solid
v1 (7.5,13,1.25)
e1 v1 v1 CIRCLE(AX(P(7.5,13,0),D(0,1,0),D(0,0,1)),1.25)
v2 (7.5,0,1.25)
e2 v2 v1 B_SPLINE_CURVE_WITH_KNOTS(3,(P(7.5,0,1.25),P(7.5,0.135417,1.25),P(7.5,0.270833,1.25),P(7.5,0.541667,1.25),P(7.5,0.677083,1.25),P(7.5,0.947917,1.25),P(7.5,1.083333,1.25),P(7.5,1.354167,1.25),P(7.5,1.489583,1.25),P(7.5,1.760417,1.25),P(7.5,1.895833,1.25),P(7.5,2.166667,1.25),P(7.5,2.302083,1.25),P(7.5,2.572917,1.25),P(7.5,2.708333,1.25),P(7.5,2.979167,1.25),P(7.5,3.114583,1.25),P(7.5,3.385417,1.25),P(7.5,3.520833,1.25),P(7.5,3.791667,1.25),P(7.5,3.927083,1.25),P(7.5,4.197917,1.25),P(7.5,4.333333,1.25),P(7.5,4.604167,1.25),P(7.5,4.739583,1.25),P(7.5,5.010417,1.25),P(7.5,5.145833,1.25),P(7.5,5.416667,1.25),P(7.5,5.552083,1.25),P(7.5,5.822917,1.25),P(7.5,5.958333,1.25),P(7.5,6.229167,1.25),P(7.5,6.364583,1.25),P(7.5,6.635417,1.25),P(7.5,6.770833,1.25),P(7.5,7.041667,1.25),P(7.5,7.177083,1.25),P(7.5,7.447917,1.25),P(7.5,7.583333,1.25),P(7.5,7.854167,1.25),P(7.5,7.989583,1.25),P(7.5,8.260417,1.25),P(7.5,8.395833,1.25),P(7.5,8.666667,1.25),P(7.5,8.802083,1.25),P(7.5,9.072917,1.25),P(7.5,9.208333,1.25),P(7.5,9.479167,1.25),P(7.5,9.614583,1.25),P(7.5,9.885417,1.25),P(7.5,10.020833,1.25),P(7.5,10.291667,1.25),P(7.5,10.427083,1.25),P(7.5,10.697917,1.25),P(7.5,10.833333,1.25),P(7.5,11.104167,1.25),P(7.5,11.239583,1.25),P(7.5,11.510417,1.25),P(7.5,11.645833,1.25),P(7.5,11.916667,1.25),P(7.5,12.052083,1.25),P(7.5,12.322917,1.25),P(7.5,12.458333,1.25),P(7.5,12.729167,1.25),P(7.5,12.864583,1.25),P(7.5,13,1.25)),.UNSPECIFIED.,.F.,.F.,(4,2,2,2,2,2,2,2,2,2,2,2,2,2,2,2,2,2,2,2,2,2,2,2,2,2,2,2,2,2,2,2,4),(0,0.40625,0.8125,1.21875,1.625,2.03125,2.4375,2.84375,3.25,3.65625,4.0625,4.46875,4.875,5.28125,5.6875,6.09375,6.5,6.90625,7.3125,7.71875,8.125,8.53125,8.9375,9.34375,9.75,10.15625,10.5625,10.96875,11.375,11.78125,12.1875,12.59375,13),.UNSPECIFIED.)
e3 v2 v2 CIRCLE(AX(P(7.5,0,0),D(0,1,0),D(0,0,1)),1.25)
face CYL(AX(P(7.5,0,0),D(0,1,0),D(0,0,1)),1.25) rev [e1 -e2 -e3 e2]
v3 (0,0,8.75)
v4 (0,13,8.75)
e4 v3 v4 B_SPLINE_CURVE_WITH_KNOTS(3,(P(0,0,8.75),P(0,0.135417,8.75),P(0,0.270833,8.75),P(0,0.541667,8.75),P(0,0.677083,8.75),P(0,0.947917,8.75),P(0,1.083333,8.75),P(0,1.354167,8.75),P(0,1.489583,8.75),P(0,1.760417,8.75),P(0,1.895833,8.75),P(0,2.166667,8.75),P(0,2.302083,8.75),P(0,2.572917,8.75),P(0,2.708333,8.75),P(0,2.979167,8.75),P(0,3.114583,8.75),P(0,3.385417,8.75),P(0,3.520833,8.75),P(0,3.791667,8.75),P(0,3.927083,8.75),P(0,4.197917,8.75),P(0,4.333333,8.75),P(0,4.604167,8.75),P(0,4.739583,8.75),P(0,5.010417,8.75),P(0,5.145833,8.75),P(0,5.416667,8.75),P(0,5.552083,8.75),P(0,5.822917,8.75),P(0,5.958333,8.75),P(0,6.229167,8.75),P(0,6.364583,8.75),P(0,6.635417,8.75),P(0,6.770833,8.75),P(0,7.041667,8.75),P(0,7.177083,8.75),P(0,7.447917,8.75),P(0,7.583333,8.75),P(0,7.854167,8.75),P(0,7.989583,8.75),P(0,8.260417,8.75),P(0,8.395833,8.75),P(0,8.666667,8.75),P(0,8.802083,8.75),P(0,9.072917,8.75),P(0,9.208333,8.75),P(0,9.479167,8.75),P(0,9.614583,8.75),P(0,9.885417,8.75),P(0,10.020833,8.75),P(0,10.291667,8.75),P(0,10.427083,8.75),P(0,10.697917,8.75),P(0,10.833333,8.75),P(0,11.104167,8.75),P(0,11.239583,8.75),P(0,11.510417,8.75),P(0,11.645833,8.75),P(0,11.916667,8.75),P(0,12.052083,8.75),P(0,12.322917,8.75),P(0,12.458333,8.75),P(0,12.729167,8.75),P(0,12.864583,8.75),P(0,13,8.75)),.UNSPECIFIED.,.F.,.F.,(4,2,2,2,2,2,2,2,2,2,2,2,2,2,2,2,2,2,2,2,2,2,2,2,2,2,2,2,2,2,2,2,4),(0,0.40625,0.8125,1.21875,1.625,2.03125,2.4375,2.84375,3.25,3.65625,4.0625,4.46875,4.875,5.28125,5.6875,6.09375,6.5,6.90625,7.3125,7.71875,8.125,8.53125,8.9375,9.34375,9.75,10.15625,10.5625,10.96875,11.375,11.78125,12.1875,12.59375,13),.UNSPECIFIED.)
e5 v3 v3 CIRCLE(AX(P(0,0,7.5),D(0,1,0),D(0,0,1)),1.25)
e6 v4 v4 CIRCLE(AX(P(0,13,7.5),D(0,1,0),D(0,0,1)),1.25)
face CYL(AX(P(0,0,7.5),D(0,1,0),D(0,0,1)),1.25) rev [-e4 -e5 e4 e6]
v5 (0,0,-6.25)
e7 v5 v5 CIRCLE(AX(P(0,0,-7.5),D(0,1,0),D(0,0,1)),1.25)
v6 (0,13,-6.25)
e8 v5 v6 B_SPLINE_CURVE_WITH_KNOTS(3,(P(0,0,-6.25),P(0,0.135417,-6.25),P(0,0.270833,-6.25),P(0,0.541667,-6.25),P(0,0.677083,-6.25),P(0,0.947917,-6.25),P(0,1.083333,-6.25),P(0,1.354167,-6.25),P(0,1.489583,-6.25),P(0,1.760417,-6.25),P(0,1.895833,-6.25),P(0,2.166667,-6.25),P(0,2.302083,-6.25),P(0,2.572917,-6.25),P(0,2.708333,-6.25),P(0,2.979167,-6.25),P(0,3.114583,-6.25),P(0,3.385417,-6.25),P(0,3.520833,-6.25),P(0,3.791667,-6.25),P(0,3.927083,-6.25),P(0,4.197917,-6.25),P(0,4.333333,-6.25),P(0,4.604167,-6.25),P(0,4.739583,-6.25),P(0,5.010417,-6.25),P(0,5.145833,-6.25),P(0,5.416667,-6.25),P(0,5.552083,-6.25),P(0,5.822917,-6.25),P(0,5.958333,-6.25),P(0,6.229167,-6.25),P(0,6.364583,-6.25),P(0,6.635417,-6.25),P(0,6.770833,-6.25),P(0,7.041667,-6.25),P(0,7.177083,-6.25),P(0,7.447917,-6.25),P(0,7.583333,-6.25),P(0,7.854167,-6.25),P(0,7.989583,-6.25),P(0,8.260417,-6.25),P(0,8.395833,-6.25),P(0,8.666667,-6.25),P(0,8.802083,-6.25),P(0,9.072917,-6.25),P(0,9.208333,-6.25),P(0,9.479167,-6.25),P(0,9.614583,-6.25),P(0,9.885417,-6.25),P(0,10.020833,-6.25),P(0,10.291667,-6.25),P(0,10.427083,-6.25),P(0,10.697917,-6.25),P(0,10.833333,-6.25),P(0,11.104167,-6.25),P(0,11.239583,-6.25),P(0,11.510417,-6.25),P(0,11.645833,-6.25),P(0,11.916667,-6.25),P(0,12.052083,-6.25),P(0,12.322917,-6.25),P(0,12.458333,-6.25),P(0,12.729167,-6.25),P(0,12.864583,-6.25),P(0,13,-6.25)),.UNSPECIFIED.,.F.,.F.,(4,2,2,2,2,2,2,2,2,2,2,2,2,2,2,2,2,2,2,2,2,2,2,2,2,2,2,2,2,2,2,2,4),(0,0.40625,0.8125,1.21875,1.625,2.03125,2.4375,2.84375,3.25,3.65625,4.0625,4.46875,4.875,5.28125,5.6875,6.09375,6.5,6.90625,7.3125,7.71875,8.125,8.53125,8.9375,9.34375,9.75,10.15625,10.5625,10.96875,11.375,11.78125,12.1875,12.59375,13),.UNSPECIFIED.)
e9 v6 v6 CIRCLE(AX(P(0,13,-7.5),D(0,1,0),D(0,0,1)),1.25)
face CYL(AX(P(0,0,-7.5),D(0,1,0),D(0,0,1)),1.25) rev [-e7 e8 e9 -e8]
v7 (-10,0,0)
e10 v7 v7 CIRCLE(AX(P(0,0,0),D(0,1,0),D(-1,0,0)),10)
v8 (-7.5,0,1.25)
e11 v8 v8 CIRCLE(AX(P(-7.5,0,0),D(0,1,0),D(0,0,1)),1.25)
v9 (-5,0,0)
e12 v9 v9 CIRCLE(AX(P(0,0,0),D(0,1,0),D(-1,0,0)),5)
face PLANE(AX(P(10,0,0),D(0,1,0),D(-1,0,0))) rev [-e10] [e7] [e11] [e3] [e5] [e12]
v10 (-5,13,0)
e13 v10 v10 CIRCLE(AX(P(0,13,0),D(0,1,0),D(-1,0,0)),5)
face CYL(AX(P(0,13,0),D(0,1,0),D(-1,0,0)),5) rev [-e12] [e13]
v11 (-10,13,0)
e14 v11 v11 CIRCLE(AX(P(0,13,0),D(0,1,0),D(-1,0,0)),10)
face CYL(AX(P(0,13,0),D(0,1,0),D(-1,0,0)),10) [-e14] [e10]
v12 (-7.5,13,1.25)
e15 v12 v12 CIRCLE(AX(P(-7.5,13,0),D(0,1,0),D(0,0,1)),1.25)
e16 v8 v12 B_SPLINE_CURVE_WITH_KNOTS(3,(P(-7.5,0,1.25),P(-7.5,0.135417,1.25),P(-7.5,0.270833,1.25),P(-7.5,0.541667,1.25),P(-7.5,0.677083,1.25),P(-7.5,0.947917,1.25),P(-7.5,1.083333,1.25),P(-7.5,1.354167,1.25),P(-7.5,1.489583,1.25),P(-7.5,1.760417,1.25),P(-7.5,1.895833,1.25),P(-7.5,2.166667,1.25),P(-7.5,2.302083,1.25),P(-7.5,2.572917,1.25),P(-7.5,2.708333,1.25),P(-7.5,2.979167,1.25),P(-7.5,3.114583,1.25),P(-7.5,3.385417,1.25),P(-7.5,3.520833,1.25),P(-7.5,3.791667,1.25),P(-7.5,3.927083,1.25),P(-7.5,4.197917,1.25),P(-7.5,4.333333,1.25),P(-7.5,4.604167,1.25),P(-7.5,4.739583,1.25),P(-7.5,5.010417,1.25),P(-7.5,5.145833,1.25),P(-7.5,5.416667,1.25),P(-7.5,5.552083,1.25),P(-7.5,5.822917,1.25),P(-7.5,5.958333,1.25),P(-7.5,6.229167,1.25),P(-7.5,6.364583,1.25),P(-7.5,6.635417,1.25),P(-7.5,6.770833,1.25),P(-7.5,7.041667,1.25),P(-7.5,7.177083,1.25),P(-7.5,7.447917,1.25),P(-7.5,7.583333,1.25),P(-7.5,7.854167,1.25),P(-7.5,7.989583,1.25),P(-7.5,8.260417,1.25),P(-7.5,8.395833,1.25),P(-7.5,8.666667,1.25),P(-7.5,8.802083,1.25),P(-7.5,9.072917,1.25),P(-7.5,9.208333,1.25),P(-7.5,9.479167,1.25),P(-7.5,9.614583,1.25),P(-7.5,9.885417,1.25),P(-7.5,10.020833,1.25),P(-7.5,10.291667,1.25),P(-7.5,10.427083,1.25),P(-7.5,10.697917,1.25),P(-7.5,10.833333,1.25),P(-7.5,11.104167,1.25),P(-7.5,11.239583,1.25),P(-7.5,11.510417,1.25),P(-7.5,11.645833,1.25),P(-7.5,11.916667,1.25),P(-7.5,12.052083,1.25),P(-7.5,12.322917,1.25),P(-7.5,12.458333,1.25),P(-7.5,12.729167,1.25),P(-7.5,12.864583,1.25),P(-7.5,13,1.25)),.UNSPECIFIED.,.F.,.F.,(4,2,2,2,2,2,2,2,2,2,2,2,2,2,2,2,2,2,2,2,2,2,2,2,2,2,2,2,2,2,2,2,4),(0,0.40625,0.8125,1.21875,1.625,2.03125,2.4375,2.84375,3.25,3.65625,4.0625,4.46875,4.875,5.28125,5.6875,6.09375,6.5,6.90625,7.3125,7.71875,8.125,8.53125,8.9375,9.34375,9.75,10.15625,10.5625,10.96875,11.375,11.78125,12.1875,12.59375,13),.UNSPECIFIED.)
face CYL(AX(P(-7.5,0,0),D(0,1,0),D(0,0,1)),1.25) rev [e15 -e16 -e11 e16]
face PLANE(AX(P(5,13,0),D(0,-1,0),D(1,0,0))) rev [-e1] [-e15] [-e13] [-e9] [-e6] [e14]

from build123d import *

# Parameters (mm, degrees)
SKETCH_2_W          = 5
SKETCH_2_H          = 13
SKETCH_4_R          = 1.25
CUT_EXTRUDE_1_DEPTH = 20.209372712


with BuildPart() as part:
    # 草图2 → 旋转1 (revolve)
    with BuildSketch(Plane.XY, mode=Mode.PRIVATE) as revolve_1_sk:
        with Locations((7.5, 6.5)):
            Rectangle(SKETCH_2_W, SKETCH_2_H)
    revolve(revolve_1_sk.sketch.rotate(Axis((0, 13, 0), (0, -1, 0)), 180), axis=Axis((0, 13, 0), (0, -1, 0)))

    # 草图4 → 切除-拉伸1 (cut, through all)
    with BuildSketch(Plane(origin=(0, 13, 0), x_dir=(1, 0, 0), z_dir=(0, 1, 0))):
        with Locations(Location((0, 7.5, 0), (0, 0, 270))):
            Circle(SKETCH_4_R)
        with Locations(Location((7.5, 0, 0), (0, 0, 270))):
            Circle(SKETCH_4_R)
        with Locations(Location((0, -7.5, 0), (0, 0, 270))):
            Circle(SKETCH_4_R)
        with Locations(Location((-7.5, 0, 0), (0, 0, 270))):
            Circle(SKETCH_4_R)
    extrude(amount=-CUT_EXTRUDE_1_DEPTH, mode=Mode.SUBTRACT)


solid = part.part
